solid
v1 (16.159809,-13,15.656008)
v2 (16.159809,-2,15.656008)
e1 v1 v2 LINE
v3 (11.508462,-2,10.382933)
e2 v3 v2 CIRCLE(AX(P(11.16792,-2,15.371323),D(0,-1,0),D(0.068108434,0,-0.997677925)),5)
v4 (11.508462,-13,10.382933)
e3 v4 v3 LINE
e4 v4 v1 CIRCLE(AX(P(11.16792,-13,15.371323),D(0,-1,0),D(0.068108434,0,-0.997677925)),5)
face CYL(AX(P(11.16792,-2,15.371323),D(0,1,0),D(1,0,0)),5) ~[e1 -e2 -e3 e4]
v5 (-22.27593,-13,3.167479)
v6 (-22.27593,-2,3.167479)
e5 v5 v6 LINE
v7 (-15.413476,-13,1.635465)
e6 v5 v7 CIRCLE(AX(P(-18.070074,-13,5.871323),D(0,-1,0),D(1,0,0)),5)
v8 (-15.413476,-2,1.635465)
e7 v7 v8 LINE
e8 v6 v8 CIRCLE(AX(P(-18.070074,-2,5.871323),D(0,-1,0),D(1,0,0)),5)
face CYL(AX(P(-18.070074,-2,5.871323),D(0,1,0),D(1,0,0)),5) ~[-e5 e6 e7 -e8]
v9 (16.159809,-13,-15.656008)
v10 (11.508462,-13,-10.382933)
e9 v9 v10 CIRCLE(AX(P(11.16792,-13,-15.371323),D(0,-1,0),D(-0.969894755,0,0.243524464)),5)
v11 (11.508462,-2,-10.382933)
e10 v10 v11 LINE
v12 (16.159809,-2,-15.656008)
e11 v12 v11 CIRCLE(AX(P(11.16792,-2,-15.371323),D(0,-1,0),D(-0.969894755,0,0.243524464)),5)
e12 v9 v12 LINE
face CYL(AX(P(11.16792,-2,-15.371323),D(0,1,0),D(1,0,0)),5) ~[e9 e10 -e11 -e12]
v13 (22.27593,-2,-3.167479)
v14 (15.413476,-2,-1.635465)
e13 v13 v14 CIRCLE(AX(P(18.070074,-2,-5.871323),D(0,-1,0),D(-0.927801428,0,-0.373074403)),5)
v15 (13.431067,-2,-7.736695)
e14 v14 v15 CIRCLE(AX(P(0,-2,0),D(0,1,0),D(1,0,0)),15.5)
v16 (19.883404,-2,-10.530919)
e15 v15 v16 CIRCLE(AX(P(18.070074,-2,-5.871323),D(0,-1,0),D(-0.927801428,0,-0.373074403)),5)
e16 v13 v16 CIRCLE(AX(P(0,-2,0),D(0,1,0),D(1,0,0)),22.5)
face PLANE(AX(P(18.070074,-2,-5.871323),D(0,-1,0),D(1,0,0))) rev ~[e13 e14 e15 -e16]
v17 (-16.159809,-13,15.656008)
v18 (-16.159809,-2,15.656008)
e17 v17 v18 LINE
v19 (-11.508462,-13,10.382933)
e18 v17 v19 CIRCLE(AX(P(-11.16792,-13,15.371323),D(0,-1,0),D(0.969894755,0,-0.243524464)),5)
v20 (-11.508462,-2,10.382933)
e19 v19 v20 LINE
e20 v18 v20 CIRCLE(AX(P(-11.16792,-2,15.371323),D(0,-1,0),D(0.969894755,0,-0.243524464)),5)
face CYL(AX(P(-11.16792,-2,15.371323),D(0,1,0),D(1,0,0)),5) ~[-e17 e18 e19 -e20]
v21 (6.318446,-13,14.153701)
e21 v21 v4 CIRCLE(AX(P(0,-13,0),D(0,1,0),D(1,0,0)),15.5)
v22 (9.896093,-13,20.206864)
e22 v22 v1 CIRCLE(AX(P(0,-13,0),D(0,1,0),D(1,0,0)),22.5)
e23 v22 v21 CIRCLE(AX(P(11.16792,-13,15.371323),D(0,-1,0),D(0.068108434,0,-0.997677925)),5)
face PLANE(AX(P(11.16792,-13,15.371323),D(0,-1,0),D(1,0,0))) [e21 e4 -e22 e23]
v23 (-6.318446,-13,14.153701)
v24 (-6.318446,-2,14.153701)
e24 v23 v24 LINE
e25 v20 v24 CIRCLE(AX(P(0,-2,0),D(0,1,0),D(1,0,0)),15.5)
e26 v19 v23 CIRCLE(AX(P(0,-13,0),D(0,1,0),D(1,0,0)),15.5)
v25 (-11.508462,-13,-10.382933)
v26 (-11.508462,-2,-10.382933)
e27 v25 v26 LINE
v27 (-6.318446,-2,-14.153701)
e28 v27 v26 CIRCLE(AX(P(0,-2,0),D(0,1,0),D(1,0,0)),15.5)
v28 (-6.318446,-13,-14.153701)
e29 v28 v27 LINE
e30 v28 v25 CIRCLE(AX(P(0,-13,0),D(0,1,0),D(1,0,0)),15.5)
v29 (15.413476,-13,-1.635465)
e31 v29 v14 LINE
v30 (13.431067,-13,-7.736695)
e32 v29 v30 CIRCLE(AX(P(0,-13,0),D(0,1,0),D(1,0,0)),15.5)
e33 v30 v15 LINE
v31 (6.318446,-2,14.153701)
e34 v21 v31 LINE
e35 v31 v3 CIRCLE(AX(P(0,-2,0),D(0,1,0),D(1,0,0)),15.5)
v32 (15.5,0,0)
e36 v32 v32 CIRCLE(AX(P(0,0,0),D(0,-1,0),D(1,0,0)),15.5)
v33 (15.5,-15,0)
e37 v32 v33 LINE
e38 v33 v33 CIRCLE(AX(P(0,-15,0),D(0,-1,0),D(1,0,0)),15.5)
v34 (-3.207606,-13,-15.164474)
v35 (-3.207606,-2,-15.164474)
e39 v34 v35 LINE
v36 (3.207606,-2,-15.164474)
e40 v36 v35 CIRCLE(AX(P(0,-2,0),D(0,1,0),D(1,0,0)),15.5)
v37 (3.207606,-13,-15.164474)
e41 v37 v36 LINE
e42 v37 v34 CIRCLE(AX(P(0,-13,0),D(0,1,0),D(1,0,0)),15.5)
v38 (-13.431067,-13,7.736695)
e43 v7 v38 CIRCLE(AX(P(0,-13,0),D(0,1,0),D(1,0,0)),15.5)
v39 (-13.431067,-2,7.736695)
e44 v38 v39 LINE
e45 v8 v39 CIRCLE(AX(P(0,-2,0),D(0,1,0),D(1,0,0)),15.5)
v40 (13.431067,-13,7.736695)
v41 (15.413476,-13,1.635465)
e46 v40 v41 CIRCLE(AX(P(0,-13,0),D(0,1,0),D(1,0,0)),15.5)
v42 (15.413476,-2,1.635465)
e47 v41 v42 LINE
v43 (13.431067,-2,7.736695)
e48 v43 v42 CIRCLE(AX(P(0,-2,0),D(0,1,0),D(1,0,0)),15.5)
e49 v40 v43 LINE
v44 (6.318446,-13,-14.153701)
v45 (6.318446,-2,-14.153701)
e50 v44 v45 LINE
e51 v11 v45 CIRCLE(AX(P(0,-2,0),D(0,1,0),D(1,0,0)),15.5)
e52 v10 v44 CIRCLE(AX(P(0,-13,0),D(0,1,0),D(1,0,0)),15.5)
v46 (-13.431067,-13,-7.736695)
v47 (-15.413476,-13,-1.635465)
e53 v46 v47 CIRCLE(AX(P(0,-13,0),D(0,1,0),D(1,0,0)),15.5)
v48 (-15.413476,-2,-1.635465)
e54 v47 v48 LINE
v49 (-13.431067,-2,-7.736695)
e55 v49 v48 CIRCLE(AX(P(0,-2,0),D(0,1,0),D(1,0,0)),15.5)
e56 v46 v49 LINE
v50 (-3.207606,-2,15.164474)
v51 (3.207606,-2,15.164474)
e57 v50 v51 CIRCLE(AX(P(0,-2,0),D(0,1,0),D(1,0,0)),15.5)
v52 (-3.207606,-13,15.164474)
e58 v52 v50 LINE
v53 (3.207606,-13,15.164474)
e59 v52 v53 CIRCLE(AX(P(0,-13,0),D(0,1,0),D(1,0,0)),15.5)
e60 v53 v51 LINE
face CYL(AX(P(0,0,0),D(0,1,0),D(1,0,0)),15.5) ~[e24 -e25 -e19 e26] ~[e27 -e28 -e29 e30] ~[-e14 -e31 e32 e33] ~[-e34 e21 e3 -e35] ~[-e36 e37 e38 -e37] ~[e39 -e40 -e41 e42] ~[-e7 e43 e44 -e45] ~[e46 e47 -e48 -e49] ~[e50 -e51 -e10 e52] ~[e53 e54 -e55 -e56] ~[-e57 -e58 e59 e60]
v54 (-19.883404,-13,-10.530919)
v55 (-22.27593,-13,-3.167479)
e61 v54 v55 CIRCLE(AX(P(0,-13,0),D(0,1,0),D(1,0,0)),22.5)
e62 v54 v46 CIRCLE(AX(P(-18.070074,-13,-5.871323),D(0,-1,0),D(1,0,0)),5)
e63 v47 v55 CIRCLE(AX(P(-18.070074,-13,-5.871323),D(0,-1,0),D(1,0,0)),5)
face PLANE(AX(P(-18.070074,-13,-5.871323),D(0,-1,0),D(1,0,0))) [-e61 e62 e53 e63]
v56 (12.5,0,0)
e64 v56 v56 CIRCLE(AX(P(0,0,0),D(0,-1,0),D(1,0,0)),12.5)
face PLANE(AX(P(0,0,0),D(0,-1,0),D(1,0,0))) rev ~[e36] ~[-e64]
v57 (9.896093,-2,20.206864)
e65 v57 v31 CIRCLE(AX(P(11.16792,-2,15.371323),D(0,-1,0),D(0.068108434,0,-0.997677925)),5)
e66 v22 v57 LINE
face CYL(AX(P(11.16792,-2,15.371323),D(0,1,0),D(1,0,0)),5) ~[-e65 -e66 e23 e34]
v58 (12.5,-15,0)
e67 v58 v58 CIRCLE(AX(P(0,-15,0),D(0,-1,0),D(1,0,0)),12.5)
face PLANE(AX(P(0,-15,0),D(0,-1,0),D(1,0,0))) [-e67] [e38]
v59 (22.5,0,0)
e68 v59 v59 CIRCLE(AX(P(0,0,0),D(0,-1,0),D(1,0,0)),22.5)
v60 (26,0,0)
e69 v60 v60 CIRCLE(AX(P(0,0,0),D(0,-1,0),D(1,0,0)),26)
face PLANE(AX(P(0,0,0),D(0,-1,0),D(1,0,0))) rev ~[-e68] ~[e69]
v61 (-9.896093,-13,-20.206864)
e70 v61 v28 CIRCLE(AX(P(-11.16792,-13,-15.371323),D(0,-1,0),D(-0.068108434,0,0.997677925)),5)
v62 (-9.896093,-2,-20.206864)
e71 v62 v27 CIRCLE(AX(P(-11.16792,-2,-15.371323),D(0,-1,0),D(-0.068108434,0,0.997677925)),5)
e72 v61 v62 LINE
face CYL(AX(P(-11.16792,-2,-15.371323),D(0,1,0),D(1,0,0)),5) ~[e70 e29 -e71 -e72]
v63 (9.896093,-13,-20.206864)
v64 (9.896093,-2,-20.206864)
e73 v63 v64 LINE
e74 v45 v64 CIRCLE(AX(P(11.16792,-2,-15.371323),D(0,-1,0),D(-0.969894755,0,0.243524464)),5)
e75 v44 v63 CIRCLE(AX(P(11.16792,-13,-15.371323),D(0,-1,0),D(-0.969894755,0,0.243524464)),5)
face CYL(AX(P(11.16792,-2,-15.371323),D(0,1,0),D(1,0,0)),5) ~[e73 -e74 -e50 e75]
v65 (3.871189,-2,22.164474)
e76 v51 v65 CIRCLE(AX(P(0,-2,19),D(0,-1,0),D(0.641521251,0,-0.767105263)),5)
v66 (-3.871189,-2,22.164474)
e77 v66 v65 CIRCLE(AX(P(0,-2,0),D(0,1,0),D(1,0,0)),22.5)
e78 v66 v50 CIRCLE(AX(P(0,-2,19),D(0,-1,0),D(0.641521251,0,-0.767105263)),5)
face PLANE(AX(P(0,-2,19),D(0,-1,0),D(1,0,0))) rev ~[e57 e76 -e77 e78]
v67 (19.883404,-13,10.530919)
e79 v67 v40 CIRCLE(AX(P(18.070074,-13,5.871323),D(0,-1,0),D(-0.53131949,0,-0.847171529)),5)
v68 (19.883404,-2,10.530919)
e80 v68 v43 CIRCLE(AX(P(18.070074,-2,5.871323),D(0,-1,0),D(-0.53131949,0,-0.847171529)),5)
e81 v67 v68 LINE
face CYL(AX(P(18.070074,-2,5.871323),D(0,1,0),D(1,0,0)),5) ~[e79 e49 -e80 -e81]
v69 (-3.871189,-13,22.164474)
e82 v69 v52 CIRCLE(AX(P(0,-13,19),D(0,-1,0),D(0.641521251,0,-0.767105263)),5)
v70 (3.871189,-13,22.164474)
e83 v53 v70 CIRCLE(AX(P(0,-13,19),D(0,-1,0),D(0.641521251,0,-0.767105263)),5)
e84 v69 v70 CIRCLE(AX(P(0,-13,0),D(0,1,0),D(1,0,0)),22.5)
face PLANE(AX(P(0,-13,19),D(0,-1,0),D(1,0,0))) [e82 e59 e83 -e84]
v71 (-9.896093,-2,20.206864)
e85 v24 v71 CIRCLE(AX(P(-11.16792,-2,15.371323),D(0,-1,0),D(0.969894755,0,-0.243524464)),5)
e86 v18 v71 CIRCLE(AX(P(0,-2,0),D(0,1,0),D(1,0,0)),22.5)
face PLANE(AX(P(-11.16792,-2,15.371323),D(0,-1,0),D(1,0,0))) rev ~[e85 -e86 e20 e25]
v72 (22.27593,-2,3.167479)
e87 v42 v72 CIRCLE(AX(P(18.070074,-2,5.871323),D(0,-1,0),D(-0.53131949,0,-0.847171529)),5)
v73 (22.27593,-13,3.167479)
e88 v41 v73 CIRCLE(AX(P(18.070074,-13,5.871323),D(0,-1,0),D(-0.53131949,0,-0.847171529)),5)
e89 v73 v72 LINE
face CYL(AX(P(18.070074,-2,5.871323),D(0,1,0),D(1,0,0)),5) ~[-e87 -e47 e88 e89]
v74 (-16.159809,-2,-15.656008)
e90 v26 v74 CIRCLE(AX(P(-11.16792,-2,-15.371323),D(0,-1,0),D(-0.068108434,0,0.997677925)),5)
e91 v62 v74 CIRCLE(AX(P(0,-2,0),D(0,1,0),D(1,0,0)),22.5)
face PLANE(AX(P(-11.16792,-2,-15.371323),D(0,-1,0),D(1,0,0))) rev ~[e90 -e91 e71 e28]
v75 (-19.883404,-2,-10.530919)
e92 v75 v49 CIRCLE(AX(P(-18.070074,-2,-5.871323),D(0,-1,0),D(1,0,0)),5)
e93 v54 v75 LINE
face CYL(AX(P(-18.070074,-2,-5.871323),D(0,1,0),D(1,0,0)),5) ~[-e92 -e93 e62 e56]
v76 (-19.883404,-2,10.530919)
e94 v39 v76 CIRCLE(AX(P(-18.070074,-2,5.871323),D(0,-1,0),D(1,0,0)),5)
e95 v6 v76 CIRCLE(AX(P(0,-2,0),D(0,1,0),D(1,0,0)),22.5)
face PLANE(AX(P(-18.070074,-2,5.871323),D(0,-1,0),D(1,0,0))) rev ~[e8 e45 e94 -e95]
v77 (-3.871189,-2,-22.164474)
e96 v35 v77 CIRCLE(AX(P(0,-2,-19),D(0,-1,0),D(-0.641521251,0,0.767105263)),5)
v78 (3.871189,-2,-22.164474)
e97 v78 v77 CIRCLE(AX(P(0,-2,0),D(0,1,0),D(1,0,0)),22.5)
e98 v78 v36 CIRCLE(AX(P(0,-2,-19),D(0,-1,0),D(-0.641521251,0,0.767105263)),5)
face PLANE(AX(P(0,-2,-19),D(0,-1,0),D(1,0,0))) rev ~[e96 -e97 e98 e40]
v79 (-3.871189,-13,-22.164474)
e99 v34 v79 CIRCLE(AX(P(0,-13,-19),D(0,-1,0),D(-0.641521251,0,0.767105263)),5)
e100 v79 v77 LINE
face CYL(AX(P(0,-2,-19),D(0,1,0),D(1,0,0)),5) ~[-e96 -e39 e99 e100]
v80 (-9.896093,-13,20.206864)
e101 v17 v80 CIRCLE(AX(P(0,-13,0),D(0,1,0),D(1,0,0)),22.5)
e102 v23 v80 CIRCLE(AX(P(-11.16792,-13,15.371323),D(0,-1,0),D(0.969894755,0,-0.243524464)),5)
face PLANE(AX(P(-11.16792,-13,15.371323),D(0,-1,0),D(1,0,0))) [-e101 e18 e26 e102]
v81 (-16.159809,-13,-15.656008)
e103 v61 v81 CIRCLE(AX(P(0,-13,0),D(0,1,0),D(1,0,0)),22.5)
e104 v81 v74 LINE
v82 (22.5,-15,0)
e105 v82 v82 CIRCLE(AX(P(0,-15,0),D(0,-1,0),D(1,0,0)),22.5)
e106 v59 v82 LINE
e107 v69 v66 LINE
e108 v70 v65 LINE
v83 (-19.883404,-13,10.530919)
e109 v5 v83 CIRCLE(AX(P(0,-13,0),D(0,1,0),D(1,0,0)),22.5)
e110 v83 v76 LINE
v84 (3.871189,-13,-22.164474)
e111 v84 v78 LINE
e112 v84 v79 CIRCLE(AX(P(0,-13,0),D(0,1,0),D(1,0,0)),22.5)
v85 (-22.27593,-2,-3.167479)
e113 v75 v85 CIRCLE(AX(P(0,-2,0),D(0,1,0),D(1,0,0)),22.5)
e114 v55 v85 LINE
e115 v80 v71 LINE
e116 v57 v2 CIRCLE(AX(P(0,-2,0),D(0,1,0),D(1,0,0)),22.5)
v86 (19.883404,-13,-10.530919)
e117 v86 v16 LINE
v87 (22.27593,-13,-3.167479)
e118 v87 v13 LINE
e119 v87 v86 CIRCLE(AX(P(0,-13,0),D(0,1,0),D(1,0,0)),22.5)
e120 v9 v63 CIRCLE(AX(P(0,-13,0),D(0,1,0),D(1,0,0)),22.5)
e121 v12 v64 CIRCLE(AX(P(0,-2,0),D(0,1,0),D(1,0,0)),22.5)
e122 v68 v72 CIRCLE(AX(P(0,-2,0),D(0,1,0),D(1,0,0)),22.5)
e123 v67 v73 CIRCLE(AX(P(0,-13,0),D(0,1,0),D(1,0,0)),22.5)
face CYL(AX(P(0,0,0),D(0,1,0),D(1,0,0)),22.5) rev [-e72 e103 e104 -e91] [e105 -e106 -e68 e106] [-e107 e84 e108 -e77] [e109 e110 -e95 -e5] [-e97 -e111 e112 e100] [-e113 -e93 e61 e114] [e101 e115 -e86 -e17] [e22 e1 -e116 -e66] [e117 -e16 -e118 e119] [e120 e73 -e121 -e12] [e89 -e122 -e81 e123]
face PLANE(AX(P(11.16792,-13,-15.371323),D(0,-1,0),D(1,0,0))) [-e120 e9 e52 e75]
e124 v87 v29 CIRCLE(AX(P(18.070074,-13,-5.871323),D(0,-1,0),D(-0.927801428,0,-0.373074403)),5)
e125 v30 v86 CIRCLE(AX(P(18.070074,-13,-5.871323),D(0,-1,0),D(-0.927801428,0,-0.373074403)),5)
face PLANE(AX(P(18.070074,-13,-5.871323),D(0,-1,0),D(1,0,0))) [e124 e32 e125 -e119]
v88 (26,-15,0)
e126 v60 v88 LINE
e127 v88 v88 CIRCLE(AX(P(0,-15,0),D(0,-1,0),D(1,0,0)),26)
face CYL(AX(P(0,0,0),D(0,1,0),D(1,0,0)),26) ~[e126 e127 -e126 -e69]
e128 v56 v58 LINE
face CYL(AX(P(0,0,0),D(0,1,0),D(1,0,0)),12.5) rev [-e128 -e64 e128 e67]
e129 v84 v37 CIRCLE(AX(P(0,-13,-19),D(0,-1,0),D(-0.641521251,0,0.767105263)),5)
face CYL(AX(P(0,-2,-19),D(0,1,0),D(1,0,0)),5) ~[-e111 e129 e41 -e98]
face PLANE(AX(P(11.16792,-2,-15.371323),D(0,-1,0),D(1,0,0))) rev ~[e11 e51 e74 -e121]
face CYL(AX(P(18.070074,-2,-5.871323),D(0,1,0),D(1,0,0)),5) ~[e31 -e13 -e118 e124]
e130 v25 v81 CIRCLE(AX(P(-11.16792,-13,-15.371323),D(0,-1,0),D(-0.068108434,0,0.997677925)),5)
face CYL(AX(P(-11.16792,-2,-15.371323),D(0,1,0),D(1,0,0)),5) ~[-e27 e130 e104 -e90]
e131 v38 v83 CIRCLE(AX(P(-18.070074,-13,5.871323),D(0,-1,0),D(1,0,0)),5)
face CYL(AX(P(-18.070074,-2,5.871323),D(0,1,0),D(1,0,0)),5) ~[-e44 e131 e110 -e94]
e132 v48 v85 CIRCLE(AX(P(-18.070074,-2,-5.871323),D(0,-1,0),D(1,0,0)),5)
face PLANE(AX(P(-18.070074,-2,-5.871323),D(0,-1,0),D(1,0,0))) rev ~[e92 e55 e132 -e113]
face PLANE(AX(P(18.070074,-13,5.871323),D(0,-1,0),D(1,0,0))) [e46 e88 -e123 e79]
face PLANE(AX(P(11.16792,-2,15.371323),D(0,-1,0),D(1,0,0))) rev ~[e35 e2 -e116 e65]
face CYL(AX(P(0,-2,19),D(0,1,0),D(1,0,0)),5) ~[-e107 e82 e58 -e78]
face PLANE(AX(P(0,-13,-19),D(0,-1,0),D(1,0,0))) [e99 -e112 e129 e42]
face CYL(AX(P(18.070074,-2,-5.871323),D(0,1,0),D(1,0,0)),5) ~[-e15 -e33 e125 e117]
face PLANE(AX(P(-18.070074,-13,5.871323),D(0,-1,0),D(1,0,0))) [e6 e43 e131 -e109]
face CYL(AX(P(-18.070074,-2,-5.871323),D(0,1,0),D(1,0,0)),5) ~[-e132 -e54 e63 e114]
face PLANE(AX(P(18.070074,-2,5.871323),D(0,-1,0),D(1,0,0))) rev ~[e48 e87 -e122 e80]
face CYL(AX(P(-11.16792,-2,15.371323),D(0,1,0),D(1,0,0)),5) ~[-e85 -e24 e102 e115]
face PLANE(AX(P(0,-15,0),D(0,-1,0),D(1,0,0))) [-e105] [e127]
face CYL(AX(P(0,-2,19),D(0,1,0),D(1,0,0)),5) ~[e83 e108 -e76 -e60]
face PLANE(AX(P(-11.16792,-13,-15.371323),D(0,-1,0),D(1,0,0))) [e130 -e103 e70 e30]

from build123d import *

# Parameters (mm, degrees)
F3_R     = 5
F4_DEPTH = 11
F1_R     = 15.5
F1_R_2   = 12.5
F5_DEPTH = 15
F2_R     = 26
F2_R_2   = 22.5
F6_DEPTH = 15


with BuildPart() as f4:
    # F3 (on offset) → F4 (new body)
    with BuildSketch(Plane.XZ.offset(2)):
        with Locations((0, 19)):
            Circle(F3_R)
    extrude(amount=F4_DEPTH)



with BuildPart() as f4b:
    # F3 (on offset) → F4, piece 2 (new body)
    with BuildSketch(Plane.XZ.offset(2)):
        with Locations((-11.1679197936, 15.3713228931)):
            Circle(F3_R)
    extrude(amount=F4_DEPTH)


with BuildPart() as f4c:
    # F3 (on offset) → F4, piece 3 (new body)
    with BuildSketch(Plane.XZ.offset(2)):
        with Locations((-18.0700738096, 5.8713228931)):
            Circle(F3_R)
    extrude(amount=F4_DEPTH)


with BuildPart() as f4d:
    # F3 (on offset) → F4, piece 4 (new body)
    with BuildSketch(Plane.XZ.offset(2)):
        with Locations((-18.0700738096, -5.8713228931)):
            Circle(F3_R)
    extrude(amount=F4_DEPTH)


with BuildPart() as f4e:
    # F3 (on offset) → F4, piece 5 (new body)
    with BuildSketch(Plane.XZ.offset(2)):
        with Locations((-11.1679197936, -15.3713228931)):
            Circle(F3_R)
    extrude(amount=F4_DEPTH)


with BuildPart() as f4f:
    # F3 (on offset) → F4, piece 6 (new body)
    with BuildSketch(Plane.XZ.offset(2)):
        with Locations((0, -19)):
            Circle(F3_R)
    extrude(amount=F4_DEPTH)


with BuildPart() as f4g:
    # F3 (on offset) → F4, piece 7 (new body)
    with BuildSketch(Plane.XZ.offset(2)):
        with Locations((11.1679197936, -15.3713228931)):
            Circle(F3_R)
    extrude(amount=F4_DEPTH)


with BuildPart() as f4h:
    # F3 (on offset) → F4, piece 8 (new body)
    with BuildSketch(Plane.XZ.offset(2)):
        with Locations((18.0700738096, -5.8713228931)):
            Circle(F3_R)
    extrude(amount=F4_DEPTH)


with BuildPart() as f4i:
    # F3 (on offset) → F4, piece 9 (new body)
    with BuildSketch(Plane.XZ.offset(2)):
        with Locations((18.0700738096, 5.8713228931)):
            Circle(F3_R)
    extrude(amount=F4_DEPTH)


with BuildPart() as f4j:
    # F3 (on offset) → F4, piece 10 (new body)
    with BuildSketch(Plane.XZ.offset(2)):
        with Locations((11.1679197936, 15.3713228931)):
            Circle(F3_R)
    extrude(amount=F4_DEPTH)


with BuildPart() as f4_1:
    add(f4.part)

    add(f4b.part)  # F5 merges F4b

    add(f4c.part)  # F5 merges F4c

    add(f4d.part)  # F5 merges F4d

    add(f4e.part)  # F5 merges F4e

    add(f4f.part)  # F5 merges F4f

    add(f4g.part)  # F5 merges F4g

    add(f4h.part)  # F5 merges F4h

    add(f4i.part)  # F5 merges F4i

    add(f4j.part)  # F5 merges F4j
    # F1 (on Front) → F5 (join)
    with BuildSketch(Plane.XZ):
        Circle(F1_R)
        Circle(F1_R_2, mode=Mode.SUBTRACT)
    extrude(amount=F5_DEPTH)

    # F2 (on Front) → F6 (join)
    with BuildSketch(Plane.XZ):
        Circle(F2_R)
        Circle(F2_R_2, mode=Mode.SUBTRACT)
    extrude(amount=F6_DEPTH)


solid = f4_1.part
